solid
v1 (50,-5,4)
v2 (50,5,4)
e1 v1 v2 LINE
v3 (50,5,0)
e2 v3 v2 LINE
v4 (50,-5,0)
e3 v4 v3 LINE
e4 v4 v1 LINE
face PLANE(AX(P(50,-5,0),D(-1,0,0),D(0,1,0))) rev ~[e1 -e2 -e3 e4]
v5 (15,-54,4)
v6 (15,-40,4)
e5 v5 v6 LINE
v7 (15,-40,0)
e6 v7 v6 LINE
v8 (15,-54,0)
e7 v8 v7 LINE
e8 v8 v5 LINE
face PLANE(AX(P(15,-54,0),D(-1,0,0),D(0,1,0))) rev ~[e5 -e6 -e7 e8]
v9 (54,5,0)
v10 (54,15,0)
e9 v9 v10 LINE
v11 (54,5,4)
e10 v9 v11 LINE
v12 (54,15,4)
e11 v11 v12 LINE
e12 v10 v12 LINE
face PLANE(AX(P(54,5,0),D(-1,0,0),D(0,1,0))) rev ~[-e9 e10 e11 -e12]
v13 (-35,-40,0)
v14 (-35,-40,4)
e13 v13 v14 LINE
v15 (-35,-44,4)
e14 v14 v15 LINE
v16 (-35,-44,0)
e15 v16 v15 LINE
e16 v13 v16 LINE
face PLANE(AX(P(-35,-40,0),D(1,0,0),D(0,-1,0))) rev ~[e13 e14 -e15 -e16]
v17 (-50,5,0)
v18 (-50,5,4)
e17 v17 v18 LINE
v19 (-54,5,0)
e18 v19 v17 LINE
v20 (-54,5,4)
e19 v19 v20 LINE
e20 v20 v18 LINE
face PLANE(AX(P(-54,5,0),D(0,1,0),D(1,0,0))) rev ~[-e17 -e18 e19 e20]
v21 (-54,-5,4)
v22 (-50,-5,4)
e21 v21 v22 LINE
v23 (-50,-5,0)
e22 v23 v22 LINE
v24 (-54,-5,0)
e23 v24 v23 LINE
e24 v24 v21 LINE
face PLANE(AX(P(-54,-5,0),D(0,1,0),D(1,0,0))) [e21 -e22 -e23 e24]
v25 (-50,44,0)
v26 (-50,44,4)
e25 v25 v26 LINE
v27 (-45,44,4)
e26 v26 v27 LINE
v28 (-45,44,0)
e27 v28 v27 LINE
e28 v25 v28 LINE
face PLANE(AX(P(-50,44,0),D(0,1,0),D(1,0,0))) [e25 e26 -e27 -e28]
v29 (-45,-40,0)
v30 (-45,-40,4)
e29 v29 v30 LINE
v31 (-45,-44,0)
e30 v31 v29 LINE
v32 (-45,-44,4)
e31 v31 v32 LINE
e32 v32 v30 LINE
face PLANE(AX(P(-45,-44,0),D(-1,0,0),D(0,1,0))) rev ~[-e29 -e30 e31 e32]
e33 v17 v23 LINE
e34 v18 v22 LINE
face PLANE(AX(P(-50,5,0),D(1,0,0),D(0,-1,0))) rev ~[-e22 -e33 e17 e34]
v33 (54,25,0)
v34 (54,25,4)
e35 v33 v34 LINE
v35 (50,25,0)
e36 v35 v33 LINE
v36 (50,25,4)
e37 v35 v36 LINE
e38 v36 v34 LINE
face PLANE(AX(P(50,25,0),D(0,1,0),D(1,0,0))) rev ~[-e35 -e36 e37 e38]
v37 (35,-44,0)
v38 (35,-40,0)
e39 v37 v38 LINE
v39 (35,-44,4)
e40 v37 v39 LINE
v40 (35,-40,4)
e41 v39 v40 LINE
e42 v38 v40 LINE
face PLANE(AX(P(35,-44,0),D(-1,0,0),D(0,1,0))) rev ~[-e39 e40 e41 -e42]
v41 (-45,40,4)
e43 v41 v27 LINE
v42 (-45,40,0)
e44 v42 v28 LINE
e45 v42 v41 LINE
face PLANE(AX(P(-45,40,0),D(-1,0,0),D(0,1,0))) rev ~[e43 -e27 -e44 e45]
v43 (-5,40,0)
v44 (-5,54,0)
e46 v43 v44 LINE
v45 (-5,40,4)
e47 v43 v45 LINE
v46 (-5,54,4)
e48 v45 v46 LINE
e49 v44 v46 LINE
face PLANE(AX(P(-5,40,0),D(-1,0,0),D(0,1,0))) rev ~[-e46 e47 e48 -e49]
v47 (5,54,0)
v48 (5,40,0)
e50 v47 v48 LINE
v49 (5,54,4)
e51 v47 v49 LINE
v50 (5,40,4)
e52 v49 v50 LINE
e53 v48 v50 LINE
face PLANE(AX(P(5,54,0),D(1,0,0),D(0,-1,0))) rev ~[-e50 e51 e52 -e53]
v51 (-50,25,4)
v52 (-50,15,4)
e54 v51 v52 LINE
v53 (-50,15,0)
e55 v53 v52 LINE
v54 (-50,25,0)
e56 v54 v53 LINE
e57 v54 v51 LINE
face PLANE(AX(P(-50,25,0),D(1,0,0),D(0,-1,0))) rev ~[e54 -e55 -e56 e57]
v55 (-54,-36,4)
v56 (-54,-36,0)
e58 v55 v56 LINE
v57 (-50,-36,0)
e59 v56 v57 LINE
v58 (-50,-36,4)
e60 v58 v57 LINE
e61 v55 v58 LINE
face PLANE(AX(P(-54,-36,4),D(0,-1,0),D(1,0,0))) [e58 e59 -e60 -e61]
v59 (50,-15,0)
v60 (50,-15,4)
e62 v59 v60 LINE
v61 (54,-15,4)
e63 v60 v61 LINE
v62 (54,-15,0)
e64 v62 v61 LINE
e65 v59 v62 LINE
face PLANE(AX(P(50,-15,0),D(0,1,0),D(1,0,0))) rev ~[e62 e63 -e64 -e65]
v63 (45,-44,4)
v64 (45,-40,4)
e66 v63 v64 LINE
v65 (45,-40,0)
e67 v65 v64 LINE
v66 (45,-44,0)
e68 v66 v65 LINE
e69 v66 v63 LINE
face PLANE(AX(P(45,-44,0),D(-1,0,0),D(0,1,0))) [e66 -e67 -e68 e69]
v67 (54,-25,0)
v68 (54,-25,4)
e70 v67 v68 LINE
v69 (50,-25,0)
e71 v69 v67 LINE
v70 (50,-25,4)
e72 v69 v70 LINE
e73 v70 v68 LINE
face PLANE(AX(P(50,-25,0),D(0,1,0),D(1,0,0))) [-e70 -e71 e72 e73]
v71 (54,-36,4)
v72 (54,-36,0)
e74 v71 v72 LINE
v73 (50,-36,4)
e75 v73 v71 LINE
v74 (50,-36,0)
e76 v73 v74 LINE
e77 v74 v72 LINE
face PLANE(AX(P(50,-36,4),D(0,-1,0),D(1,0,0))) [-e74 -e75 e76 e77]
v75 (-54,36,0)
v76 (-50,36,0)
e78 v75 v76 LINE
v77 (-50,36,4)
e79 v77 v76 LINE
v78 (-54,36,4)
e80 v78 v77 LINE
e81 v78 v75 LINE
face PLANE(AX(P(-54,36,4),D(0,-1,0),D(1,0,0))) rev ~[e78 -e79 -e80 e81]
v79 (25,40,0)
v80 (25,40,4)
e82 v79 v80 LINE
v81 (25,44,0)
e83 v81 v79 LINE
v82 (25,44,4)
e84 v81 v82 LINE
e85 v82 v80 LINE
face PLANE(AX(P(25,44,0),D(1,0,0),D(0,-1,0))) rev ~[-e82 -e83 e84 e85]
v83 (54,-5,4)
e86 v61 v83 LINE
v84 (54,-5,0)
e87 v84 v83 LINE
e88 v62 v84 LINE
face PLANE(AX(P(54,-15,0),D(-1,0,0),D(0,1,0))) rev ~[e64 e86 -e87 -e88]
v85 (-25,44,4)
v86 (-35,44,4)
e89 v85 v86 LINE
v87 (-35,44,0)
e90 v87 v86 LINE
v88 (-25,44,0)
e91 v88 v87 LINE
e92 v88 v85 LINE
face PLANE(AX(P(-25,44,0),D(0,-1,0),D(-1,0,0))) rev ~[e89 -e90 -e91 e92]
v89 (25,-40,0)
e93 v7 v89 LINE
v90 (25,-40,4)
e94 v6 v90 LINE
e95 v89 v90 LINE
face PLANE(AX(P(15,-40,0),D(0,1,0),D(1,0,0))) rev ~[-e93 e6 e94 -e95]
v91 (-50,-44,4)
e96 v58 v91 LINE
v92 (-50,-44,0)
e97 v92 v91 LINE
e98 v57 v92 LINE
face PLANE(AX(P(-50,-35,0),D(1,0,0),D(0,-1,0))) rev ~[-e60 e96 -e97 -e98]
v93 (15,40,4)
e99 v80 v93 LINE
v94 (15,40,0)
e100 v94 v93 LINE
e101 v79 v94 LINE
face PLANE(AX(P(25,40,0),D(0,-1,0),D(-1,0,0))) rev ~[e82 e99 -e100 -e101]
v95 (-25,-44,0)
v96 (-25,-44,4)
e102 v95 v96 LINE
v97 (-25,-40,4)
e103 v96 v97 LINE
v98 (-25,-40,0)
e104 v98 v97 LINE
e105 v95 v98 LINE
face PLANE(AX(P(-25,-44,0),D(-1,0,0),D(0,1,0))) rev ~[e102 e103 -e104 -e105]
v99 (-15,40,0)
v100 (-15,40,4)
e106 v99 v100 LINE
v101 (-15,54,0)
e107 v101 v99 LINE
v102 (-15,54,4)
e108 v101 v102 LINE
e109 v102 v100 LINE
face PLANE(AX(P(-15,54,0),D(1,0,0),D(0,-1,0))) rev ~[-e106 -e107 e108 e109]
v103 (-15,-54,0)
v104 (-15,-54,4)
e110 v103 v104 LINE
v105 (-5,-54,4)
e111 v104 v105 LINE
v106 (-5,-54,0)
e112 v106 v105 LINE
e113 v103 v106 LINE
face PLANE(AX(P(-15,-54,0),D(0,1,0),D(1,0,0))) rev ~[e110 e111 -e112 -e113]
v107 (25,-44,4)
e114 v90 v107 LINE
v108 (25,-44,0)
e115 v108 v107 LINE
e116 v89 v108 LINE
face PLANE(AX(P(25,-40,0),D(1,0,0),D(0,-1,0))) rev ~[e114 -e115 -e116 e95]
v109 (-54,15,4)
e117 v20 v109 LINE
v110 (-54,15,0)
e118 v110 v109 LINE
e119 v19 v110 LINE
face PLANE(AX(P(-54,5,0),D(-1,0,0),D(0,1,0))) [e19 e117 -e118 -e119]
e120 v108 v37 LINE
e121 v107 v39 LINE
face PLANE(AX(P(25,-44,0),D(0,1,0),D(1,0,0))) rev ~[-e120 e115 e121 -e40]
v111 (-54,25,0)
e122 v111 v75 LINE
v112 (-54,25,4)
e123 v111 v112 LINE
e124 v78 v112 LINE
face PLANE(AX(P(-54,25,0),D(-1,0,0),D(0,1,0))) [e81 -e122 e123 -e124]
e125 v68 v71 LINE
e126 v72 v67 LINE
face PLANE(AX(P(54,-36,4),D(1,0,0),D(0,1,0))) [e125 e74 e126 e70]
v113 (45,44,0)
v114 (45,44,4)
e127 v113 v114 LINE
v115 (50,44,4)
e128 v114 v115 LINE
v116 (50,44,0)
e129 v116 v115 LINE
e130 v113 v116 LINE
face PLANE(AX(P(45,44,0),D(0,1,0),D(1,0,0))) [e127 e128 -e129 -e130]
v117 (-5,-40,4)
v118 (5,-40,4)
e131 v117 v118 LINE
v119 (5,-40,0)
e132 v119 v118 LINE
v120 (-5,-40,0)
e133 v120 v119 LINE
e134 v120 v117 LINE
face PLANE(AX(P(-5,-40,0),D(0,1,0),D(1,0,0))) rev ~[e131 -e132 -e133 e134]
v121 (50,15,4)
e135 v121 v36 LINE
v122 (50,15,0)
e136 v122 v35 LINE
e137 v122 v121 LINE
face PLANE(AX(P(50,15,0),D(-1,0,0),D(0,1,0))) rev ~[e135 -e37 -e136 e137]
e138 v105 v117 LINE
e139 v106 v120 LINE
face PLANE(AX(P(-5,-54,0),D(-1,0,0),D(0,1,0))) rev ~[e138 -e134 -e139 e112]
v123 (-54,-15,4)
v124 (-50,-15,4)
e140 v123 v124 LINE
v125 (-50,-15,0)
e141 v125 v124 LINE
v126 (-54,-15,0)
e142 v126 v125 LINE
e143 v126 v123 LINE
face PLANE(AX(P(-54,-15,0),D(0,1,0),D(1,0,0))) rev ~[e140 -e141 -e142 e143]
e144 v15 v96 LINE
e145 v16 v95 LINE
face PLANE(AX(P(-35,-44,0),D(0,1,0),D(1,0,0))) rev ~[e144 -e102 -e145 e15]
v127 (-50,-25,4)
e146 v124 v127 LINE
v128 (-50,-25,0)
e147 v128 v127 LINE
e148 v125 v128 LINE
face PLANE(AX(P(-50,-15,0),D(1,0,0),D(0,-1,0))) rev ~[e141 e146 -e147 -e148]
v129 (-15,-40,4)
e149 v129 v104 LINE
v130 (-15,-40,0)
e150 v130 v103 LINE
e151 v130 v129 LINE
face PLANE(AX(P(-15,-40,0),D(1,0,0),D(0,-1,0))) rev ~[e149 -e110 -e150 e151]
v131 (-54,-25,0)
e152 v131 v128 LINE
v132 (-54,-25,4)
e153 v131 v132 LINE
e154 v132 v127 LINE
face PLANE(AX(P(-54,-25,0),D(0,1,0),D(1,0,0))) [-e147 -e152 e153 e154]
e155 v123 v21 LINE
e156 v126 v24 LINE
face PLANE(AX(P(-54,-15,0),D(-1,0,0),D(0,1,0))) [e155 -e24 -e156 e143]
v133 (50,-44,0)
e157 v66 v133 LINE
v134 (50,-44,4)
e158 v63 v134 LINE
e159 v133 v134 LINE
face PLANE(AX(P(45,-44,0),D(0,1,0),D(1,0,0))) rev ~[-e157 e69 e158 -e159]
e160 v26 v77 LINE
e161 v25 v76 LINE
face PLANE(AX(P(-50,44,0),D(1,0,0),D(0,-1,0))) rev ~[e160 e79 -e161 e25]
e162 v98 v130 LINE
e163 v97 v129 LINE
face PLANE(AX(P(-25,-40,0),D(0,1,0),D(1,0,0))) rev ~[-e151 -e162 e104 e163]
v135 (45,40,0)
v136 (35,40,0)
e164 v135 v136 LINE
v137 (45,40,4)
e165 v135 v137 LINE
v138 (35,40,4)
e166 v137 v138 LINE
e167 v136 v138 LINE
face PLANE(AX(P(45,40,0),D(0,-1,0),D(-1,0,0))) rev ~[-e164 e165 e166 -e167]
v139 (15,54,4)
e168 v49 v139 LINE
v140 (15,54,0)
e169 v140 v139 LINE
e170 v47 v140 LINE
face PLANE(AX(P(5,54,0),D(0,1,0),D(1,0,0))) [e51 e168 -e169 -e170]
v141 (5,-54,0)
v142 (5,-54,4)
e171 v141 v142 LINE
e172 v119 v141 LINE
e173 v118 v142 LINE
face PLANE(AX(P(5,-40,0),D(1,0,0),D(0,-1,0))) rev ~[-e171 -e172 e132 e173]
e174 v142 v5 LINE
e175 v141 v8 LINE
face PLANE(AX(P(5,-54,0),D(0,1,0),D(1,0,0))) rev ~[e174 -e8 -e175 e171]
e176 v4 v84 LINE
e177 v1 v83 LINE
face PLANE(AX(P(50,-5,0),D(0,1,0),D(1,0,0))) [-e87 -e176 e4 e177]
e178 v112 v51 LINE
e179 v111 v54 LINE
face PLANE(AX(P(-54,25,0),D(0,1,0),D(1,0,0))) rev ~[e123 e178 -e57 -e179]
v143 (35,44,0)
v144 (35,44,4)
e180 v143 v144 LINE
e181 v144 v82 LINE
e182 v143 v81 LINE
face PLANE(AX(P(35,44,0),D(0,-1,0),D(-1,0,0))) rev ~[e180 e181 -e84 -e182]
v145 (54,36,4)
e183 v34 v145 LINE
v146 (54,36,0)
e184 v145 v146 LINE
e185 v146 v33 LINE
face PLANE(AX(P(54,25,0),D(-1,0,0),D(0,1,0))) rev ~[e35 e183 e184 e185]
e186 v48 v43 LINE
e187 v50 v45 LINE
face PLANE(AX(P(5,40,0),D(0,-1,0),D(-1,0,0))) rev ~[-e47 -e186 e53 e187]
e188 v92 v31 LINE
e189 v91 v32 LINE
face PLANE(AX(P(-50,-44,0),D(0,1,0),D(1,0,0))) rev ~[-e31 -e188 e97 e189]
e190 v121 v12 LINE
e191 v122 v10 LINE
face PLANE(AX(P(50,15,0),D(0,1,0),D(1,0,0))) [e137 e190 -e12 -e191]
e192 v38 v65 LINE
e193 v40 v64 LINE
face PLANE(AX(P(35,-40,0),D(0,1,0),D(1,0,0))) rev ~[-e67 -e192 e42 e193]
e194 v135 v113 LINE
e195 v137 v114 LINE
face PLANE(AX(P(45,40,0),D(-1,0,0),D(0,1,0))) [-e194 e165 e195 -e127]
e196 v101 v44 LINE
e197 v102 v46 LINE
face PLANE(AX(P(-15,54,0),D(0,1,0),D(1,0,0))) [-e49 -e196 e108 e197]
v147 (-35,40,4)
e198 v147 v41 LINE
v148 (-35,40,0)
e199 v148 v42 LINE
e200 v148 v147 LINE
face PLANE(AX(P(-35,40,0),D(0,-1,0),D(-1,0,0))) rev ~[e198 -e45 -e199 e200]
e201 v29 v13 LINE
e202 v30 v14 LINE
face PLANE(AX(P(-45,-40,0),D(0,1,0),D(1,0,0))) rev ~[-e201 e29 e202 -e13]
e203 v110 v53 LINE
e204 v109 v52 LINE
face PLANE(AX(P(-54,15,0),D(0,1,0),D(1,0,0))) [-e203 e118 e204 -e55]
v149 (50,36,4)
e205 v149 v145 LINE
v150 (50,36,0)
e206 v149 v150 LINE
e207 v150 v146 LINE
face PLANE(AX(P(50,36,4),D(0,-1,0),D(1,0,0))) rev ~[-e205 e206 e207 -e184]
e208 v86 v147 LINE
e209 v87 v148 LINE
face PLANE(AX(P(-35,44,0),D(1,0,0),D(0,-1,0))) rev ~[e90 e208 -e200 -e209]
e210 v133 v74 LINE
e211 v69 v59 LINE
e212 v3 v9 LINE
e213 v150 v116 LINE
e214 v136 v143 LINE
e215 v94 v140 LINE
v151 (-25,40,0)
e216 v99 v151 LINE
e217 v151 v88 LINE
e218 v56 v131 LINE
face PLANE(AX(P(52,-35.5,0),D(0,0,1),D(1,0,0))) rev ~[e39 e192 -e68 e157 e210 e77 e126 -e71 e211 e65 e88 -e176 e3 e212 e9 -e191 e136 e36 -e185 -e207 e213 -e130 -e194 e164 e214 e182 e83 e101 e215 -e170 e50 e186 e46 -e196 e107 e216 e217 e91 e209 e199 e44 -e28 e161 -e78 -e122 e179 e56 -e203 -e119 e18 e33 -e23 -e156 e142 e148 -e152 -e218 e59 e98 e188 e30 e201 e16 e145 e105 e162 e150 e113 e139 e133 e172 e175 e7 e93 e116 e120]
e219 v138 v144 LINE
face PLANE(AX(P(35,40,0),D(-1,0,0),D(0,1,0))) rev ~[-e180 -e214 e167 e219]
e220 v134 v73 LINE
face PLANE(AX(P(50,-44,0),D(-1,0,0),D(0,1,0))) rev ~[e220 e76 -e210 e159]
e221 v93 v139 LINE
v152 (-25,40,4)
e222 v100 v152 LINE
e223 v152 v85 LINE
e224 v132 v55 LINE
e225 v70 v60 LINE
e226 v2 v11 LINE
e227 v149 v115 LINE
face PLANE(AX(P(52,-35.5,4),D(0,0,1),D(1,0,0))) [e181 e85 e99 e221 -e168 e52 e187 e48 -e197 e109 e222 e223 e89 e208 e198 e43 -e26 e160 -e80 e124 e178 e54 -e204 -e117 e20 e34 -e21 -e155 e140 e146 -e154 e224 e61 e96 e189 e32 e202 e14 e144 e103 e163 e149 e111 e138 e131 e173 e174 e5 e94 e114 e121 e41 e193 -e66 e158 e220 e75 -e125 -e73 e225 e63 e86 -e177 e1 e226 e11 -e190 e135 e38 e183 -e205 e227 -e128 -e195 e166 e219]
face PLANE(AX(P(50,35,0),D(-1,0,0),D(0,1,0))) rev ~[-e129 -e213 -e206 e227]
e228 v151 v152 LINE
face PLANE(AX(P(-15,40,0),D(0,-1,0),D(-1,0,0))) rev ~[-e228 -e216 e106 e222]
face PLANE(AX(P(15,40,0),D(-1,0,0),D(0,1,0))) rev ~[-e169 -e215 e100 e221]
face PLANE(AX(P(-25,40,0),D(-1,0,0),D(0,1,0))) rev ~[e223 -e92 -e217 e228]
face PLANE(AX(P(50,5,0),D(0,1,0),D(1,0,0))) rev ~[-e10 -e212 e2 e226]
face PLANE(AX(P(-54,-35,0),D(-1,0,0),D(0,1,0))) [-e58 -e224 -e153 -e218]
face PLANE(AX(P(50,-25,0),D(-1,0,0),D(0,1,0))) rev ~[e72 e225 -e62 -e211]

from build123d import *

# Parameters (mm, degrees)
SKETCH1_W           = 5
SKETCH1_H           = 4
SKETCH1_W_2         = 4
SKETCH1_H_2         = 10
SKETCH1_W_3         = 10
BOSS_EXTRUDE1_DEPTH = 4
SKETCH2_W           = 4
SKETCH2_H           = 1
BOSS_EXTRUDE2_DEPTH = 4


with BuildPart() as part:
    # Sketch1 → Boss-Extrude1 (new body)
    with BuildSketch(Plane.XY):
        with Locations((-47.5, 42)):
            Rectangle(SKETCH1_W, SKETCH1_H)
        Polygon((-45, 40), (-50, 40), (-50, 35), (-46, 35), (-46, 25), (-50, 25), (-50, 20), (-50, 15), (-46, 15), (-46, 5), (-50, 5), (-50, 0), (-50, -5), (-46, -5), (-46, -15), (-50, -15), (-50, -20), (-50, -25), (-46, -25), (-46, -35), (-50, -35), (-50, -40), (-45, -40), (-40, -40), (-35, -40), (-30, -40), (-25, -40), (-20, -40), (-15, -40), (-10, -40), (-5, -40), (0, -40), (5, -40), (10, -40), (15, -40), (20, -40), (25, -40), (30, -40), (35, -40), (40, -40), (45, -40), (50, -40), (50, -35), (46, -35), (46, -25), (50, -25), (50, -20), (50, -15), (46, -15), (46, -5), (50, -5), (50, 0), (50, 5), (46, 5), (46, 15), (50, 15), (50, 20), (50, 25), (46, 25), (46, 35), (50, 35), (50, 40), (45, 40), (40, 40), (35, 40), (30, 40), (25, 40), (20, 40), (15, 40), (10, 40), (5, 40), (0, 40), (-5, 40), (-10, 40), (-15, 40), (-20, 40), (-25, 40), (-30, 40), (-35, 40), (-40, 40), align=None)
        with Locations((-48, 30)):
            Rectangle(SKETCH1_W_2, SKETCH1_H_2)
        with Locations((-52, 30)):
            Rectangle(SKETCH1_W_2, SKETCH1_H_2)
        Polygon((-35, 44), (-35, 40), (-30, 40), (-25, 40), (-25, 44), align=None)
        with Locations((-48, 10)):
            Rectangle(SKETCH1_W_2, SKETCH1_H_2)
        with Locations((-52, 10)):
            Rectangle(SKETCH1_W_2, SKETCH1_H_2)
        Polygon((-15, 44), (-15, 40), (-10, 40), (-5, 40), (-5, 44), align=None)
        with Locations((-48, -10)):
            Rectangle(SKETCH1_W_2, SKETCH1_H_2)
        with Locations((-52, -10)):
            Rectangle(SKETCH1_W_2, SKETCH1_H_2)
        with Locations((-10, 49)):
            Rectangle(SKETCH1_W_3, SKETCH1_H_2)
        with Locations((-48, -30)):
            Rectangle(SKETCH1_W_2, SKETCH1_H_2)
        with Locations((-52, -30)):
            Rectangle(SKETCH1_W_2, SKETCH1_H_2)
        Polygon((5, 44), (5, 40), (10, 40), (15, 40), (15, 44), align=None)
        with Locations((10, 49)):
            Rectangle(SKETCH1_W_3, SKETCH1_H_2)
        with Locations((-47.5, -42)):
            Rectangle(SKETCH1_W, SKETCH1_H)
        Polygon((25, 44), (25, 40), (30, 40), (35, 40), (35, 44), align=None)
        Polygon((-30, -40), (-35, -40), (-35, -44), (-25, -44), (-25, -40), align=None)
        with Locations((47.5, 42)):
            Rectangle(SKETCH1_W, SKETCH1_H)
        Polygon((-10, -40), (-15, -40), (-15, -44), (-5, -44), (-5, -40), align=None)
        with Locations((-10, -49)):
            Rectangle(SKETCH1_W_3, SKETCH1_H_2)
        with Locations((52, 30)):
            Rectangle(SKETCH1_W_2, SKETCH1_H_2)
        with Locations((48, 30)):
            Rectangle(SKETCH1_W_2, SKETCH1_H_2)
        Polygon((10, -40), (5, -40), (5, -44), (15, -44), (15, -40), align=None)
        with Locations((52, 10)):
            Rectangle(SKETCH1_W_2, SKETCH1_H_2)
        with Locations((48, 10)):
            Rectangle(SKETCH1_W_2, SKETCH1_H_2)
        with Locations((10, -49)):
            Rectangle(SKETCH1_W_3, SKETCH1_H_2)
        with Locations((52, -10)):
            Rectangle(SKETCH1_W_2, SKETCH1_H_2)
        with Locations((48, -10)):
            Rectangle(SKETCH1_W_2, SKETCH1_H_2)
        Polygon((30, -40), (25, -40), (25, -44), (35, -44), (35, -40), align=None)
        with Locations((52, -30)):
            Rectangle(SKETCH1_W_2, SKETCH1_H_2)
        with Locations((48, -30)):
            Rectangle(SKETCH1_W_2, SKETCH1_H_2)
        with Locations((47.5, -42)):
            Rectangle(SKETCH1_W, SKETCH1_H)
    extrude(amount=BOSS_EXTRUDE1_DEPTH)

    # Sketch2 → Boss-Extrude2 (add)
    with BuildSketch(Plane.XY.offset(4)):
        with Locations((52, -35.5)):
            Rectangle(SKETCH2_W, SKETCH2_H)
        with Locations((52, 35.5)):
            Rectangle(SKETCH2_W, SKETCH2_H)
        with Locations((-52, -35.5)):
            Rectangle(SKETCH2_W, SKETCH2_H)
        with Locations((-52, 35.5)):
            Rectangle(SKETCH2_W, SKETCH2_H)
    extrude(amount=-BOSS_EXTRUDE2_DEPTH)


solid = part.part
